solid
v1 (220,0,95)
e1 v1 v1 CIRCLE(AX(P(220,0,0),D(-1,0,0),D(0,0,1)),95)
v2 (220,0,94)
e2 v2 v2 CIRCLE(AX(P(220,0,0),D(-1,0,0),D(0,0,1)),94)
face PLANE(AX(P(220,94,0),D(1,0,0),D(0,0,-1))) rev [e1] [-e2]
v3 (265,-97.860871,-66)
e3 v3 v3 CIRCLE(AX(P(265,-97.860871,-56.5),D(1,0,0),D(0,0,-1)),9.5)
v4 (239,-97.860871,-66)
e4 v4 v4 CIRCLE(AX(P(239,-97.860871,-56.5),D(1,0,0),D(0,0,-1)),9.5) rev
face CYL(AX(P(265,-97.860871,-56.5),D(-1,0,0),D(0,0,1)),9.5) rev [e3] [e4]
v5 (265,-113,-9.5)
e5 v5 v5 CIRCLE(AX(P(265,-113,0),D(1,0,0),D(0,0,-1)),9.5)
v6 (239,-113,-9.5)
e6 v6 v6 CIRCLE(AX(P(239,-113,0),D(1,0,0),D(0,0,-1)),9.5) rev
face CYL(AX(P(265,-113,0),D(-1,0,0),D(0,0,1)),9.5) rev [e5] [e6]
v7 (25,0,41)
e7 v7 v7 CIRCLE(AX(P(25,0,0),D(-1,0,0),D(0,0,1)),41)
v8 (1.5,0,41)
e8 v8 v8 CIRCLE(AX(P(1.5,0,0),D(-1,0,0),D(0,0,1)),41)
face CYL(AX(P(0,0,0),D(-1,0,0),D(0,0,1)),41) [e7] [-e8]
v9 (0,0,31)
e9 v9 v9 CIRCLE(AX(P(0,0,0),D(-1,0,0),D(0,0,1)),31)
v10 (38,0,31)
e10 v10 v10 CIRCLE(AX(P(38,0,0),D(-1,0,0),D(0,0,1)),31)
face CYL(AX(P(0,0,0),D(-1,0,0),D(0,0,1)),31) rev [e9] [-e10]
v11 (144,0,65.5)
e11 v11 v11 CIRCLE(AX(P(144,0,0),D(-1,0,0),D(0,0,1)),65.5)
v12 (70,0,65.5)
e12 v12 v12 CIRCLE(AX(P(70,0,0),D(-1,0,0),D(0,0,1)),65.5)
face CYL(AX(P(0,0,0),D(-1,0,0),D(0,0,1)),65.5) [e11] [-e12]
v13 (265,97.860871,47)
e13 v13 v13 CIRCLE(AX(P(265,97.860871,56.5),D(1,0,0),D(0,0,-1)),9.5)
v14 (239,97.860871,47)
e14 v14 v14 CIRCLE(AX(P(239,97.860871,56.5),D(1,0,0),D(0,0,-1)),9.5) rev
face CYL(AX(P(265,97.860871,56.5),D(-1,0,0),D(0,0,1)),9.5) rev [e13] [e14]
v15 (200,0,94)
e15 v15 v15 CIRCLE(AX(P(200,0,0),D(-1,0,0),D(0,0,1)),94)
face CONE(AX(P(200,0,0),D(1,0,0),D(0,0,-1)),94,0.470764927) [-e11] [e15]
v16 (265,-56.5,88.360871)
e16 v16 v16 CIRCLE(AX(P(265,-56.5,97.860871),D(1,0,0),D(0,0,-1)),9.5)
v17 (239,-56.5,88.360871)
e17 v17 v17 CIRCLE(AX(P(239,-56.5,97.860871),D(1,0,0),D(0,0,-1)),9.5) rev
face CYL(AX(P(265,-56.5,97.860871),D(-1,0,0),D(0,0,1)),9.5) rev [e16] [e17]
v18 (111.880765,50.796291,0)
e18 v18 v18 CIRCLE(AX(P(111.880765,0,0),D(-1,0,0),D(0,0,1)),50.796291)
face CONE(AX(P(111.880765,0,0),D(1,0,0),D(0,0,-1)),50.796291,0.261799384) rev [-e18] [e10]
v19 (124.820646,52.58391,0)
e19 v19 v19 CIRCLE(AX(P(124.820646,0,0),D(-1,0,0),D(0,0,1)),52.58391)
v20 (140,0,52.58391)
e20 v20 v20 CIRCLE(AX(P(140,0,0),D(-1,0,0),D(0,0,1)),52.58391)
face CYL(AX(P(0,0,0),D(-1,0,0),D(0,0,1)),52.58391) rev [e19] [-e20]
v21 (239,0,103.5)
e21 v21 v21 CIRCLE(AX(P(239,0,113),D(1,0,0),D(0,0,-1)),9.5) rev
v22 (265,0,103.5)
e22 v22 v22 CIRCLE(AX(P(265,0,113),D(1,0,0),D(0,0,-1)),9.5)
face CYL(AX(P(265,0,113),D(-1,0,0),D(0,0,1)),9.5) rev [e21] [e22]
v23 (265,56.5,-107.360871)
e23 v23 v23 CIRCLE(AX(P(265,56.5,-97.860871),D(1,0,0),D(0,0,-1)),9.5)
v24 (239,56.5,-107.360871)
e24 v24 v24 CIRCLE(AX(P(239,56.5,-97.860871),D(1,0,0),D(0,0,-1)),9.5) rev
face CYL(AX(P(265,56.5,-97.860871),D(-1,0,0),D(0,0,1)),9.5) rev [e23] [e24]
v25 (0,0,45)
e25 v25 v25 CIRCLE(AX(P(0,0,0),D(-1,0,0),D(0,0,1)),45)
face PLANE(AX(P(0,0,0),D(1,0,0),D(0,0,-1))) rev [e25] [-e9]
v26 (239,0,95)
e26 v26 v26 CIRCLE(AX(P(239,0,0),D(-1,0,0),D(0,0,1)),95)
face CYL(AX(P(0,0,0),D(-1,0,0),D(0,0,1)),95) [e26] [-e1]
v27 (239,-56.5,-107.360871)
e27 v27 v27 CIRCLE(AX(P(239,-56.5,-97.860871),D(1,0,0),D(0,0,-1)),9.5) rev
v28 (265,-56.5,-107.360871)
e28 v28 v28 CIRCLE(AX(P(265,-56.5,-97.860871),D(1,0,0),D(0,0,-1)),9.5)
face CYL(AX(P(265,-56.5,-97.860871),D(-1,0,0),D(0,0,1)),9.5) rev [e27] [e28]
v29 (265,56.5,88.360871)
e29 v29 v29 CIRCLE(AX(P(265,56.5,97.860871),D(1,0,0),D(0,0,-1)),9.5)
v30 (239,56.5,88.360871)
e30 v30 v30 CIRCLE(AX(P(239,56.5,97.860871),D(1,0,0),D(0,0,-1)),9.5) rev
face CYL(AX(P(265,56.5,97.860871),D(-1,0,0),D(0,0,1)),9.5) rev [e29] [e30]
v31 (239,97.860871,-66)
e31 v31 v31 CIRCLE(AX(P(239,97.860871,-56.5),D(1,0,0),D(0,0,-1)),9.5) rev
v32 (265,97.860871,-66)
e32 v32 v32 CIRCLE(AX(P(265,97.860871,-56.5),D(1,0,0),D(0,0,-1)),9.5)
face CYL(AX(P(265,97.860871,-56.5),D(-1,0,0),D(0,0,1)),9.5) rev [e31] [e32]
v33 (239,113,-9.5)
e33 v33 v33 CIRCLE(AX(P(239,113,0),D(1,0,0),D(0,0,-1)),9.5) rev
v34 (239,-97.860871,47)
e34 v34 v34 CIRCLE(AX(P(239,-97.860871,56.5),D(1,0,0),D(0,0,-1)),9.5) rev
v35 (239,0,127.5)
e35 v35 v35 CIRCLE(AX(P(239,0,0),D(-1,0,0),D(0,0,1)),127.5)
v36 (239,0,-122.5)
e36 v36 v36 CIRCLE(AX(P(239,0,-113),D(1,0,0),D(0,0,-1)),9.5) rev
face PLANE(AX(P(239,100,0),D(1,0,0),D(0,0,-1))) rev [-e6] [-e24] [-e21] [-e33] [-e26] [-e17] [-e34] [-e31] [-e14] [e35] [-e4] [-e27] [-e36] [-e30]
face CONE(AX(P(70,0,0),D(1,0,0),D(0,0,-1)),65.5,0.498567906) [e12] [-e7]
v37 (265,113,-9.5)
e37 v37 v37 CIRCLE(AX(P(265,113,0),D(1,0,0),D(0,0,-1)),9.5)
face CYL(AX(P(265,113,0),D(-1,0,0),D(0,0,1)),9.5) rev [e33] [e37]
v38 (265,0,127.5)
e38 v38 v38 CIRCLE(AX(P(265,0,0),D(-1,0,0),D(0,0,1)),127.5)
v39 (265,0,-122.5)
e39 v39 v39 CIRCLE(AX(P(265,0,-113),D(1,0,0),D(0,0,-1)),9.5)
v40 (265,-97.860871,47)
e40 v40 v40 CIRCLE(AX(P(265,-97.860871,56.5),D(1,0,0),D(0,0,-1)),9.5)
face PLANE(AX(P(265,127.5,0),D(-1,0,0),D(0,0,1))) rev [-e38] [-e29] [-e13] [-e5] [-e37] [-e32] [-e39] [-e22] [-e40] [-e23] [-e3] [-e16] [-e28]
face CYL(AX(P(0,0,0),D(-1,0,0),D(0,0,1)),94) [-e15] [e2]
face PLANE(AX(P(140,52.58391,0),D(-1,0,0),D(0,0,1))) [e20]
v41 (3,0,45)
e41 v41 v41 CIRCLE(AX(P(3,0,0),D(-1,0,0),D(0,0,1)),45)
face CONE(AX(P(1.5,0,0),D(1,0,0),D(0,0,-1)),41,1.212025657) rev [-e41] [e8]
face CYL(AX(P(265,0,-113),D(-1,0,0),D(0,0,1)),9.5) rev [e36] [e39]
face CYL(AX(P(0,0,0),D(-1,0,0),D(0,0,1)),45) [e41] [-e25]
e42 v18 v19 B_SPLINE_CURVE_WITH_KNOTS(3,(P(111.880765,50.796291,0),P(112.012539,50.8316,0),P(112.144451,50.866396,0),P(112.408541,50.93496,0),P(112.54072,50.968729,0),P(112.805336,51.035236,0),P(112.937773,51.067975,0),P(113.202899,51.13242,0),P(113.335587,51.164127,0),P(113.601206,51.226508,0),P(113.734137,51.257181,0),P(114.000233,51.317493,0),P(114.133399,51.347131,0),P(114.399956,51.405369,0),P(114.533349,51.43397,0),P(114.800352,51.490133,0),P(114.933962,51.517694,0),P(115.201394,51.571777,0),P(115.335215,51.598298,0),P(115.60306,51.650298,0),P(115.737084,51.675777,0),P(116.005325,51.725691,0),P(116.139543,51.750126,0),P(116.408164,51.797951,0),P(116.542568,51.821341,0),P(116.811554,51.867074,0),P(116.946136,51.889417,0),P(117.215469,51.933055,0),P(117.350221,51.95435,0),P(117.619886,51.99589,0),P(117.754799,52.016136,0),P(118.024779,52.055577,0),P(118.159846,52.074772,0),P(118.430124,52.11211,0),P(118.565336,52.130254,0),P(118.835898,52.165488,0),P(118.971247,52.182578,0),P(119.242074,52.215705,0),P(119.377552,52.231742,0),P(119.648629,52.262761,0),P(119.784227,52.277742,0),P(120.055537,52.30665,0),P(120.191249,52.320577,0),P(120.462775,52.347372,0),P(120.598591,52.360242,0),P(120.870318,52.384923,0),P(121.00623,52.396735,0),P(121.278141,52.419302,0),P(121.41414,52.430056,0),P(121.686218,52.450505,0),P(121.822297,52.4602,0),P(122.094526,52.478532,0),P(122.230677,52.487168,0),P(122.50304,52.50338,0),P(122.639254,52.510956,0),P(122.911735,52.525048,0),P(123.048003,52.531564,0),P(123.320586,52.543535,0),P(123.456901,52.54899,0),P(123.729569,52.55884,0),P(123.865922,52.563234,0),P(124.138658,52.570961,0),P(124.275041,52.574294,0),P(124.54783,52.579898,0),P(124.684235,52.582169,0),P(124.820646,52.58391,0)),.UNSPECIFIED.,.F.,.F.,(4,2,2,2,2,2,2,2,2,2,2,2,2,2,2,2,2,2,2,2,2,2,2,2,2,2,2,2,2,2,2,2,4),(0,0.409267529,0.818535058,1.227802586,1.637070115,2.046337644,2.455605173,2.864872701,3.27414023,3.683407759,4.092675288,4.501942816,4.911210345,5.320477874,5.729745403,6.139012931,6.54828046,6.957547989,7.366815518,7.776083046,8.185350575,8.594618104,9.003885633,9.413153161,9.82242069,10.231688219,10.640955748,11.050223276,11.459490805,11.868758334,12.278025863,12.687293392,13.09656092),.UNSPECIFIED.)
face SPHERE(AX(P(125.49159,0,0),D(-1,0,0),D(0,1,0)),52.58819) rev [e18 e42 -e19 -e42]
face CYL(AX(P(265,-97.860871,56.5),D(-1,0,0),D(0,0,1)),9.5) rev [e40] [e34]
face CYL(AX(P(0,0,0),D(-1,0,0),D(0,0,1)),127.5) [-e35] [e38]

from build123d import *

# Parameters (mm, degrees)
SKETCH_3_R           = 9.5
CUT_EXTRUDE_1_DEPTH  = 321.526909947
SKETCH_4_R           = 9.5
CUT_EXTRUDE_2_DEPTH  = 321.526909947
SKETCH_5_R           = 9.5
CUT_EXTRUDE_3_DEPTH  = 321.526909947
SKETCH_6_R           = 9.5
CUT_EXTRUDE_4_DEPTH  = 321.526909947
SKETCH_7_R           = 9.5
CUT_EXTRUDE_5_DEPTH  = 321.526909947
SKETCH_8_R           = 9.5
CUT_EXTRUDE_6_DEPTH  = 321.526909947
SKETCH_9_R           = 9.5
CUT_EXTRUDE_7_DEPTH  = 321.526909947
SKETCH_10_R          = 9.5
CUT_EXTRUDE_8_DEPTH  = 321.526909947
SKETCH_11_R          = 9.5
CUT_EXTRUDE_9_DEPTH  = 321.526909947
SKETCH_12_R          = 9.5
CUT_EXTRUDE_10_DEPTH = 321.526909947
SKETCH_13_R          = 9.5
CUT_EXTRUDE_11_DEPTH = 321.526909947
SKETCH_14_R          = 9.5
CUT_EXTRUDE_12_DEPTH = 321.526909947


with BuildPart() as part:
    # Эскиз1 → Повернуть1 (revolve)
    with BuildSketch(Plane.XY, mode=Mode.PRIVATE) as revolve_1_sk:
        Polygon((0, 0), (265, 0), (265, 127.5), (239, 127.5), (239, 100), (239, 95), (220, 95), (220, 94), (200, 94), (144, 65.5), (70, 65.5), (25, 41), (1.5, 41), (3, 45), (0, 45), align=None)
    revolve(revolve_1_sk.sketch.rotate(Axis((0, 0, 0), (1, 0, 0)), 90), axis=Axis((0, 0, 0), (1, 0, 0)))

    # Эскиз2 → Вырез-Повернуть1 (revolve, cut)
    with BuildSketch(Plane.XY, mode=Mode.PRIVATE) as cut_revolve_1_sk:
        with BuildLine():
            Line((0, 0), (140, 0))
            Line((140, 0), (140, 52.583909796))
            Line((140, 52.583909796), (124.820646354, 52.583909796))
            ThreePointArc((124.820646354, 52.583909796), (118.294984956, 52.093441156), (111.880765, 50.796291))
            Line((111.880765, 50.796291), (38, 31))
            Line((38, 31), (0, 31))
            Line((0, 31), (0, 0))
        make_face()
    revolve(cut_revolve_1_sk.sketch.rotate(Axis((0, 0, 0), (1, 0, 0)), 90), axis=Axis((0, 0, 0), (1, 0, 0)), mode=Mode.SUBTRACT)

    # Эскиз3 → Вырез-Вытянуть1 (cut, through all)
    with BuildSketch(Plane(origin=(0, 0, 0), x_dir=(0, 0, -1), z_dir=(1, 0, 0))):
        with Locations((0, 113)):
            Circle(SKETCH_3_R)
    extrude(amount=CUT_EXTRUDE_1_DEPTH, mode=Mode.SUBTRACT)

    # Эскиз4 → Вырез-Вытянуть2 (cut, through all)
    with BuildSketch(Plane(origin=(0, 0, 0), x_dir=(0, 0, -1), z_dir=(1, 0, 0))):
        with Locations((-56.5, 97.860870628)):
            Circle(SKETCH_4_R)
    extrude(amount=CUT_EXTRUDE_2_DEPTH, mode=Mode.SUBTRACT)

    # Эскиз5 → Вырез-Вытянуть3 (cut, through all)
    with BuildSketch(Plane(origin=(0, 0, 0), x_dir=(0, 0, -1), z_dir=(1, 0, 0))):
        with Locations((-97.860870628, 56.5)):
            Circle(SKETCH_5_R)
    extrude(amount=CUT_EXTRUDE_3_DEPTH, mode=Mode.SUBTRACT)

    # Эскиз6 → Вырез-Вытянуть4 (cut, through all)
    with BuildSketch(Plane(origin=(0, 0, 0), x_dir=(0, 0, -1), z_dir=(1, 0, 0))):
        with Locations((-113, 0)):
            Circle(SKETCH_6_R)
    extrude(amount=CUT_EXTRUDE_4_DEPTH, mode=Mode.SUBTRACT)

    # Эскиз7 → Вырез-Вытянуть5 (cut, through all)
    with BuildSketch(Plane(origin=(0, 0, 0), x_dir=(0, 0, -1), z_dir=(1, 0, 0))):
        with Locations((-97.860870628, -56.5)):
            Circle(SKETCH_7_R)
    extrude(amount=CUT_EXTRUDE_5_DEPTH, mode=Mode.SUBTRACT)

    # Эскиз8 → Вырез-Вытянуть6 (cut, through all)
    with BuildSketch(Plane(origin=(0, 0, 0), x_dir=(0, 0, -1), z_dir=(1, 0, 0))):
        with Locations((-56.5, -97.860870628)):
            Circle(SKETCH_8_R)
    extrude(amount=CUT_EXTRUDE_6_DEPTH, mode=Mode.SUBTRACT)

    # Эскиз9 → Вырез-Вытянуть7 (cut, through all)
    with BuildSketch(Plane(origin=(0, 0, 0), x_dir=(0, 0, -1), z_dir=(1, 0, 0))):
        with Locations((0, -113)):
            Circle(SKETCH_9_R)
    extrude(amount=CUT_EXTRUDE_7_DEPTH, mode=Mode.SUBTRACT)

    # Эскиз10 → Вырез-Вытянуть8 (cut, through all)
    with BuildSketch(Plane(origin=(0, 0, 0), x_dir=(0, 0, -1), z_dir=(1, 0, 0))):
        with Locations((56.5, -97.860870628)):
            Circle(SKETCH_10_R)
    extrude(amount=CUT_EXTRUDE_8_DEPTH, mode=Mode.SUBTRACT)

    # Эскиз11 → Вырез-Вытянуть9 (cut, through all)
    with BuildSketch(Plane(origin=(0, 0, 0), x_dir=(0, 0, -1), z_dir=(1, 0, 0))):
        with Locations((97.860870628, -56.5)):
            Circle(SKETCH_11_R)
    extrude(amount=CUT_EXTRUDE_9_DEPTH, mode=Mode.SUBTRACT)

    # Эскиз12 → Вырез-Вытянуть10 (cut, through all)
    with BuildSketch(Plane(origin=(0, 0, 0), x_dir=(0, 0, -1), z_dir=(1, 0, 0))):
        with Locations((113, 0)):
            Circle(SKETCH_12_R)
    extrude(amount=CUT_EXTRUDE_10_DEPTH, mode=Mode.SUBTRACT)

    # Эскиз13 → Вырез-Вытянуть11 (cut, through all)
    with BuildSketch(Plane(origin=(0, 0, 0), x_dir=(0, 0, -1), z_dir=(1, 0, 0))):
        with Locations((97.860870628, 56.5)):
            Circle(SKETCH_13_R)
    extrude(amount=CUT_EXTRUDE_11_DEPTH, mode=Mode.SUBTRACT)

    # Эскиз14 → Вырез-Вытянуть12 (cut, through all)
    with BuildSketch(Plane(origin=(0, 0, 0), x_dir=(0, 0, -1), z_dir=(1, 0, 0))):
        with Locations((56.5, 97.860870628)):
            Circle(SKETCH_14_R)
    extrude(amount=CUT_EXTRUDE_12_DEPTH, mode=Mode.SUBTRACT)


solid = part.part
